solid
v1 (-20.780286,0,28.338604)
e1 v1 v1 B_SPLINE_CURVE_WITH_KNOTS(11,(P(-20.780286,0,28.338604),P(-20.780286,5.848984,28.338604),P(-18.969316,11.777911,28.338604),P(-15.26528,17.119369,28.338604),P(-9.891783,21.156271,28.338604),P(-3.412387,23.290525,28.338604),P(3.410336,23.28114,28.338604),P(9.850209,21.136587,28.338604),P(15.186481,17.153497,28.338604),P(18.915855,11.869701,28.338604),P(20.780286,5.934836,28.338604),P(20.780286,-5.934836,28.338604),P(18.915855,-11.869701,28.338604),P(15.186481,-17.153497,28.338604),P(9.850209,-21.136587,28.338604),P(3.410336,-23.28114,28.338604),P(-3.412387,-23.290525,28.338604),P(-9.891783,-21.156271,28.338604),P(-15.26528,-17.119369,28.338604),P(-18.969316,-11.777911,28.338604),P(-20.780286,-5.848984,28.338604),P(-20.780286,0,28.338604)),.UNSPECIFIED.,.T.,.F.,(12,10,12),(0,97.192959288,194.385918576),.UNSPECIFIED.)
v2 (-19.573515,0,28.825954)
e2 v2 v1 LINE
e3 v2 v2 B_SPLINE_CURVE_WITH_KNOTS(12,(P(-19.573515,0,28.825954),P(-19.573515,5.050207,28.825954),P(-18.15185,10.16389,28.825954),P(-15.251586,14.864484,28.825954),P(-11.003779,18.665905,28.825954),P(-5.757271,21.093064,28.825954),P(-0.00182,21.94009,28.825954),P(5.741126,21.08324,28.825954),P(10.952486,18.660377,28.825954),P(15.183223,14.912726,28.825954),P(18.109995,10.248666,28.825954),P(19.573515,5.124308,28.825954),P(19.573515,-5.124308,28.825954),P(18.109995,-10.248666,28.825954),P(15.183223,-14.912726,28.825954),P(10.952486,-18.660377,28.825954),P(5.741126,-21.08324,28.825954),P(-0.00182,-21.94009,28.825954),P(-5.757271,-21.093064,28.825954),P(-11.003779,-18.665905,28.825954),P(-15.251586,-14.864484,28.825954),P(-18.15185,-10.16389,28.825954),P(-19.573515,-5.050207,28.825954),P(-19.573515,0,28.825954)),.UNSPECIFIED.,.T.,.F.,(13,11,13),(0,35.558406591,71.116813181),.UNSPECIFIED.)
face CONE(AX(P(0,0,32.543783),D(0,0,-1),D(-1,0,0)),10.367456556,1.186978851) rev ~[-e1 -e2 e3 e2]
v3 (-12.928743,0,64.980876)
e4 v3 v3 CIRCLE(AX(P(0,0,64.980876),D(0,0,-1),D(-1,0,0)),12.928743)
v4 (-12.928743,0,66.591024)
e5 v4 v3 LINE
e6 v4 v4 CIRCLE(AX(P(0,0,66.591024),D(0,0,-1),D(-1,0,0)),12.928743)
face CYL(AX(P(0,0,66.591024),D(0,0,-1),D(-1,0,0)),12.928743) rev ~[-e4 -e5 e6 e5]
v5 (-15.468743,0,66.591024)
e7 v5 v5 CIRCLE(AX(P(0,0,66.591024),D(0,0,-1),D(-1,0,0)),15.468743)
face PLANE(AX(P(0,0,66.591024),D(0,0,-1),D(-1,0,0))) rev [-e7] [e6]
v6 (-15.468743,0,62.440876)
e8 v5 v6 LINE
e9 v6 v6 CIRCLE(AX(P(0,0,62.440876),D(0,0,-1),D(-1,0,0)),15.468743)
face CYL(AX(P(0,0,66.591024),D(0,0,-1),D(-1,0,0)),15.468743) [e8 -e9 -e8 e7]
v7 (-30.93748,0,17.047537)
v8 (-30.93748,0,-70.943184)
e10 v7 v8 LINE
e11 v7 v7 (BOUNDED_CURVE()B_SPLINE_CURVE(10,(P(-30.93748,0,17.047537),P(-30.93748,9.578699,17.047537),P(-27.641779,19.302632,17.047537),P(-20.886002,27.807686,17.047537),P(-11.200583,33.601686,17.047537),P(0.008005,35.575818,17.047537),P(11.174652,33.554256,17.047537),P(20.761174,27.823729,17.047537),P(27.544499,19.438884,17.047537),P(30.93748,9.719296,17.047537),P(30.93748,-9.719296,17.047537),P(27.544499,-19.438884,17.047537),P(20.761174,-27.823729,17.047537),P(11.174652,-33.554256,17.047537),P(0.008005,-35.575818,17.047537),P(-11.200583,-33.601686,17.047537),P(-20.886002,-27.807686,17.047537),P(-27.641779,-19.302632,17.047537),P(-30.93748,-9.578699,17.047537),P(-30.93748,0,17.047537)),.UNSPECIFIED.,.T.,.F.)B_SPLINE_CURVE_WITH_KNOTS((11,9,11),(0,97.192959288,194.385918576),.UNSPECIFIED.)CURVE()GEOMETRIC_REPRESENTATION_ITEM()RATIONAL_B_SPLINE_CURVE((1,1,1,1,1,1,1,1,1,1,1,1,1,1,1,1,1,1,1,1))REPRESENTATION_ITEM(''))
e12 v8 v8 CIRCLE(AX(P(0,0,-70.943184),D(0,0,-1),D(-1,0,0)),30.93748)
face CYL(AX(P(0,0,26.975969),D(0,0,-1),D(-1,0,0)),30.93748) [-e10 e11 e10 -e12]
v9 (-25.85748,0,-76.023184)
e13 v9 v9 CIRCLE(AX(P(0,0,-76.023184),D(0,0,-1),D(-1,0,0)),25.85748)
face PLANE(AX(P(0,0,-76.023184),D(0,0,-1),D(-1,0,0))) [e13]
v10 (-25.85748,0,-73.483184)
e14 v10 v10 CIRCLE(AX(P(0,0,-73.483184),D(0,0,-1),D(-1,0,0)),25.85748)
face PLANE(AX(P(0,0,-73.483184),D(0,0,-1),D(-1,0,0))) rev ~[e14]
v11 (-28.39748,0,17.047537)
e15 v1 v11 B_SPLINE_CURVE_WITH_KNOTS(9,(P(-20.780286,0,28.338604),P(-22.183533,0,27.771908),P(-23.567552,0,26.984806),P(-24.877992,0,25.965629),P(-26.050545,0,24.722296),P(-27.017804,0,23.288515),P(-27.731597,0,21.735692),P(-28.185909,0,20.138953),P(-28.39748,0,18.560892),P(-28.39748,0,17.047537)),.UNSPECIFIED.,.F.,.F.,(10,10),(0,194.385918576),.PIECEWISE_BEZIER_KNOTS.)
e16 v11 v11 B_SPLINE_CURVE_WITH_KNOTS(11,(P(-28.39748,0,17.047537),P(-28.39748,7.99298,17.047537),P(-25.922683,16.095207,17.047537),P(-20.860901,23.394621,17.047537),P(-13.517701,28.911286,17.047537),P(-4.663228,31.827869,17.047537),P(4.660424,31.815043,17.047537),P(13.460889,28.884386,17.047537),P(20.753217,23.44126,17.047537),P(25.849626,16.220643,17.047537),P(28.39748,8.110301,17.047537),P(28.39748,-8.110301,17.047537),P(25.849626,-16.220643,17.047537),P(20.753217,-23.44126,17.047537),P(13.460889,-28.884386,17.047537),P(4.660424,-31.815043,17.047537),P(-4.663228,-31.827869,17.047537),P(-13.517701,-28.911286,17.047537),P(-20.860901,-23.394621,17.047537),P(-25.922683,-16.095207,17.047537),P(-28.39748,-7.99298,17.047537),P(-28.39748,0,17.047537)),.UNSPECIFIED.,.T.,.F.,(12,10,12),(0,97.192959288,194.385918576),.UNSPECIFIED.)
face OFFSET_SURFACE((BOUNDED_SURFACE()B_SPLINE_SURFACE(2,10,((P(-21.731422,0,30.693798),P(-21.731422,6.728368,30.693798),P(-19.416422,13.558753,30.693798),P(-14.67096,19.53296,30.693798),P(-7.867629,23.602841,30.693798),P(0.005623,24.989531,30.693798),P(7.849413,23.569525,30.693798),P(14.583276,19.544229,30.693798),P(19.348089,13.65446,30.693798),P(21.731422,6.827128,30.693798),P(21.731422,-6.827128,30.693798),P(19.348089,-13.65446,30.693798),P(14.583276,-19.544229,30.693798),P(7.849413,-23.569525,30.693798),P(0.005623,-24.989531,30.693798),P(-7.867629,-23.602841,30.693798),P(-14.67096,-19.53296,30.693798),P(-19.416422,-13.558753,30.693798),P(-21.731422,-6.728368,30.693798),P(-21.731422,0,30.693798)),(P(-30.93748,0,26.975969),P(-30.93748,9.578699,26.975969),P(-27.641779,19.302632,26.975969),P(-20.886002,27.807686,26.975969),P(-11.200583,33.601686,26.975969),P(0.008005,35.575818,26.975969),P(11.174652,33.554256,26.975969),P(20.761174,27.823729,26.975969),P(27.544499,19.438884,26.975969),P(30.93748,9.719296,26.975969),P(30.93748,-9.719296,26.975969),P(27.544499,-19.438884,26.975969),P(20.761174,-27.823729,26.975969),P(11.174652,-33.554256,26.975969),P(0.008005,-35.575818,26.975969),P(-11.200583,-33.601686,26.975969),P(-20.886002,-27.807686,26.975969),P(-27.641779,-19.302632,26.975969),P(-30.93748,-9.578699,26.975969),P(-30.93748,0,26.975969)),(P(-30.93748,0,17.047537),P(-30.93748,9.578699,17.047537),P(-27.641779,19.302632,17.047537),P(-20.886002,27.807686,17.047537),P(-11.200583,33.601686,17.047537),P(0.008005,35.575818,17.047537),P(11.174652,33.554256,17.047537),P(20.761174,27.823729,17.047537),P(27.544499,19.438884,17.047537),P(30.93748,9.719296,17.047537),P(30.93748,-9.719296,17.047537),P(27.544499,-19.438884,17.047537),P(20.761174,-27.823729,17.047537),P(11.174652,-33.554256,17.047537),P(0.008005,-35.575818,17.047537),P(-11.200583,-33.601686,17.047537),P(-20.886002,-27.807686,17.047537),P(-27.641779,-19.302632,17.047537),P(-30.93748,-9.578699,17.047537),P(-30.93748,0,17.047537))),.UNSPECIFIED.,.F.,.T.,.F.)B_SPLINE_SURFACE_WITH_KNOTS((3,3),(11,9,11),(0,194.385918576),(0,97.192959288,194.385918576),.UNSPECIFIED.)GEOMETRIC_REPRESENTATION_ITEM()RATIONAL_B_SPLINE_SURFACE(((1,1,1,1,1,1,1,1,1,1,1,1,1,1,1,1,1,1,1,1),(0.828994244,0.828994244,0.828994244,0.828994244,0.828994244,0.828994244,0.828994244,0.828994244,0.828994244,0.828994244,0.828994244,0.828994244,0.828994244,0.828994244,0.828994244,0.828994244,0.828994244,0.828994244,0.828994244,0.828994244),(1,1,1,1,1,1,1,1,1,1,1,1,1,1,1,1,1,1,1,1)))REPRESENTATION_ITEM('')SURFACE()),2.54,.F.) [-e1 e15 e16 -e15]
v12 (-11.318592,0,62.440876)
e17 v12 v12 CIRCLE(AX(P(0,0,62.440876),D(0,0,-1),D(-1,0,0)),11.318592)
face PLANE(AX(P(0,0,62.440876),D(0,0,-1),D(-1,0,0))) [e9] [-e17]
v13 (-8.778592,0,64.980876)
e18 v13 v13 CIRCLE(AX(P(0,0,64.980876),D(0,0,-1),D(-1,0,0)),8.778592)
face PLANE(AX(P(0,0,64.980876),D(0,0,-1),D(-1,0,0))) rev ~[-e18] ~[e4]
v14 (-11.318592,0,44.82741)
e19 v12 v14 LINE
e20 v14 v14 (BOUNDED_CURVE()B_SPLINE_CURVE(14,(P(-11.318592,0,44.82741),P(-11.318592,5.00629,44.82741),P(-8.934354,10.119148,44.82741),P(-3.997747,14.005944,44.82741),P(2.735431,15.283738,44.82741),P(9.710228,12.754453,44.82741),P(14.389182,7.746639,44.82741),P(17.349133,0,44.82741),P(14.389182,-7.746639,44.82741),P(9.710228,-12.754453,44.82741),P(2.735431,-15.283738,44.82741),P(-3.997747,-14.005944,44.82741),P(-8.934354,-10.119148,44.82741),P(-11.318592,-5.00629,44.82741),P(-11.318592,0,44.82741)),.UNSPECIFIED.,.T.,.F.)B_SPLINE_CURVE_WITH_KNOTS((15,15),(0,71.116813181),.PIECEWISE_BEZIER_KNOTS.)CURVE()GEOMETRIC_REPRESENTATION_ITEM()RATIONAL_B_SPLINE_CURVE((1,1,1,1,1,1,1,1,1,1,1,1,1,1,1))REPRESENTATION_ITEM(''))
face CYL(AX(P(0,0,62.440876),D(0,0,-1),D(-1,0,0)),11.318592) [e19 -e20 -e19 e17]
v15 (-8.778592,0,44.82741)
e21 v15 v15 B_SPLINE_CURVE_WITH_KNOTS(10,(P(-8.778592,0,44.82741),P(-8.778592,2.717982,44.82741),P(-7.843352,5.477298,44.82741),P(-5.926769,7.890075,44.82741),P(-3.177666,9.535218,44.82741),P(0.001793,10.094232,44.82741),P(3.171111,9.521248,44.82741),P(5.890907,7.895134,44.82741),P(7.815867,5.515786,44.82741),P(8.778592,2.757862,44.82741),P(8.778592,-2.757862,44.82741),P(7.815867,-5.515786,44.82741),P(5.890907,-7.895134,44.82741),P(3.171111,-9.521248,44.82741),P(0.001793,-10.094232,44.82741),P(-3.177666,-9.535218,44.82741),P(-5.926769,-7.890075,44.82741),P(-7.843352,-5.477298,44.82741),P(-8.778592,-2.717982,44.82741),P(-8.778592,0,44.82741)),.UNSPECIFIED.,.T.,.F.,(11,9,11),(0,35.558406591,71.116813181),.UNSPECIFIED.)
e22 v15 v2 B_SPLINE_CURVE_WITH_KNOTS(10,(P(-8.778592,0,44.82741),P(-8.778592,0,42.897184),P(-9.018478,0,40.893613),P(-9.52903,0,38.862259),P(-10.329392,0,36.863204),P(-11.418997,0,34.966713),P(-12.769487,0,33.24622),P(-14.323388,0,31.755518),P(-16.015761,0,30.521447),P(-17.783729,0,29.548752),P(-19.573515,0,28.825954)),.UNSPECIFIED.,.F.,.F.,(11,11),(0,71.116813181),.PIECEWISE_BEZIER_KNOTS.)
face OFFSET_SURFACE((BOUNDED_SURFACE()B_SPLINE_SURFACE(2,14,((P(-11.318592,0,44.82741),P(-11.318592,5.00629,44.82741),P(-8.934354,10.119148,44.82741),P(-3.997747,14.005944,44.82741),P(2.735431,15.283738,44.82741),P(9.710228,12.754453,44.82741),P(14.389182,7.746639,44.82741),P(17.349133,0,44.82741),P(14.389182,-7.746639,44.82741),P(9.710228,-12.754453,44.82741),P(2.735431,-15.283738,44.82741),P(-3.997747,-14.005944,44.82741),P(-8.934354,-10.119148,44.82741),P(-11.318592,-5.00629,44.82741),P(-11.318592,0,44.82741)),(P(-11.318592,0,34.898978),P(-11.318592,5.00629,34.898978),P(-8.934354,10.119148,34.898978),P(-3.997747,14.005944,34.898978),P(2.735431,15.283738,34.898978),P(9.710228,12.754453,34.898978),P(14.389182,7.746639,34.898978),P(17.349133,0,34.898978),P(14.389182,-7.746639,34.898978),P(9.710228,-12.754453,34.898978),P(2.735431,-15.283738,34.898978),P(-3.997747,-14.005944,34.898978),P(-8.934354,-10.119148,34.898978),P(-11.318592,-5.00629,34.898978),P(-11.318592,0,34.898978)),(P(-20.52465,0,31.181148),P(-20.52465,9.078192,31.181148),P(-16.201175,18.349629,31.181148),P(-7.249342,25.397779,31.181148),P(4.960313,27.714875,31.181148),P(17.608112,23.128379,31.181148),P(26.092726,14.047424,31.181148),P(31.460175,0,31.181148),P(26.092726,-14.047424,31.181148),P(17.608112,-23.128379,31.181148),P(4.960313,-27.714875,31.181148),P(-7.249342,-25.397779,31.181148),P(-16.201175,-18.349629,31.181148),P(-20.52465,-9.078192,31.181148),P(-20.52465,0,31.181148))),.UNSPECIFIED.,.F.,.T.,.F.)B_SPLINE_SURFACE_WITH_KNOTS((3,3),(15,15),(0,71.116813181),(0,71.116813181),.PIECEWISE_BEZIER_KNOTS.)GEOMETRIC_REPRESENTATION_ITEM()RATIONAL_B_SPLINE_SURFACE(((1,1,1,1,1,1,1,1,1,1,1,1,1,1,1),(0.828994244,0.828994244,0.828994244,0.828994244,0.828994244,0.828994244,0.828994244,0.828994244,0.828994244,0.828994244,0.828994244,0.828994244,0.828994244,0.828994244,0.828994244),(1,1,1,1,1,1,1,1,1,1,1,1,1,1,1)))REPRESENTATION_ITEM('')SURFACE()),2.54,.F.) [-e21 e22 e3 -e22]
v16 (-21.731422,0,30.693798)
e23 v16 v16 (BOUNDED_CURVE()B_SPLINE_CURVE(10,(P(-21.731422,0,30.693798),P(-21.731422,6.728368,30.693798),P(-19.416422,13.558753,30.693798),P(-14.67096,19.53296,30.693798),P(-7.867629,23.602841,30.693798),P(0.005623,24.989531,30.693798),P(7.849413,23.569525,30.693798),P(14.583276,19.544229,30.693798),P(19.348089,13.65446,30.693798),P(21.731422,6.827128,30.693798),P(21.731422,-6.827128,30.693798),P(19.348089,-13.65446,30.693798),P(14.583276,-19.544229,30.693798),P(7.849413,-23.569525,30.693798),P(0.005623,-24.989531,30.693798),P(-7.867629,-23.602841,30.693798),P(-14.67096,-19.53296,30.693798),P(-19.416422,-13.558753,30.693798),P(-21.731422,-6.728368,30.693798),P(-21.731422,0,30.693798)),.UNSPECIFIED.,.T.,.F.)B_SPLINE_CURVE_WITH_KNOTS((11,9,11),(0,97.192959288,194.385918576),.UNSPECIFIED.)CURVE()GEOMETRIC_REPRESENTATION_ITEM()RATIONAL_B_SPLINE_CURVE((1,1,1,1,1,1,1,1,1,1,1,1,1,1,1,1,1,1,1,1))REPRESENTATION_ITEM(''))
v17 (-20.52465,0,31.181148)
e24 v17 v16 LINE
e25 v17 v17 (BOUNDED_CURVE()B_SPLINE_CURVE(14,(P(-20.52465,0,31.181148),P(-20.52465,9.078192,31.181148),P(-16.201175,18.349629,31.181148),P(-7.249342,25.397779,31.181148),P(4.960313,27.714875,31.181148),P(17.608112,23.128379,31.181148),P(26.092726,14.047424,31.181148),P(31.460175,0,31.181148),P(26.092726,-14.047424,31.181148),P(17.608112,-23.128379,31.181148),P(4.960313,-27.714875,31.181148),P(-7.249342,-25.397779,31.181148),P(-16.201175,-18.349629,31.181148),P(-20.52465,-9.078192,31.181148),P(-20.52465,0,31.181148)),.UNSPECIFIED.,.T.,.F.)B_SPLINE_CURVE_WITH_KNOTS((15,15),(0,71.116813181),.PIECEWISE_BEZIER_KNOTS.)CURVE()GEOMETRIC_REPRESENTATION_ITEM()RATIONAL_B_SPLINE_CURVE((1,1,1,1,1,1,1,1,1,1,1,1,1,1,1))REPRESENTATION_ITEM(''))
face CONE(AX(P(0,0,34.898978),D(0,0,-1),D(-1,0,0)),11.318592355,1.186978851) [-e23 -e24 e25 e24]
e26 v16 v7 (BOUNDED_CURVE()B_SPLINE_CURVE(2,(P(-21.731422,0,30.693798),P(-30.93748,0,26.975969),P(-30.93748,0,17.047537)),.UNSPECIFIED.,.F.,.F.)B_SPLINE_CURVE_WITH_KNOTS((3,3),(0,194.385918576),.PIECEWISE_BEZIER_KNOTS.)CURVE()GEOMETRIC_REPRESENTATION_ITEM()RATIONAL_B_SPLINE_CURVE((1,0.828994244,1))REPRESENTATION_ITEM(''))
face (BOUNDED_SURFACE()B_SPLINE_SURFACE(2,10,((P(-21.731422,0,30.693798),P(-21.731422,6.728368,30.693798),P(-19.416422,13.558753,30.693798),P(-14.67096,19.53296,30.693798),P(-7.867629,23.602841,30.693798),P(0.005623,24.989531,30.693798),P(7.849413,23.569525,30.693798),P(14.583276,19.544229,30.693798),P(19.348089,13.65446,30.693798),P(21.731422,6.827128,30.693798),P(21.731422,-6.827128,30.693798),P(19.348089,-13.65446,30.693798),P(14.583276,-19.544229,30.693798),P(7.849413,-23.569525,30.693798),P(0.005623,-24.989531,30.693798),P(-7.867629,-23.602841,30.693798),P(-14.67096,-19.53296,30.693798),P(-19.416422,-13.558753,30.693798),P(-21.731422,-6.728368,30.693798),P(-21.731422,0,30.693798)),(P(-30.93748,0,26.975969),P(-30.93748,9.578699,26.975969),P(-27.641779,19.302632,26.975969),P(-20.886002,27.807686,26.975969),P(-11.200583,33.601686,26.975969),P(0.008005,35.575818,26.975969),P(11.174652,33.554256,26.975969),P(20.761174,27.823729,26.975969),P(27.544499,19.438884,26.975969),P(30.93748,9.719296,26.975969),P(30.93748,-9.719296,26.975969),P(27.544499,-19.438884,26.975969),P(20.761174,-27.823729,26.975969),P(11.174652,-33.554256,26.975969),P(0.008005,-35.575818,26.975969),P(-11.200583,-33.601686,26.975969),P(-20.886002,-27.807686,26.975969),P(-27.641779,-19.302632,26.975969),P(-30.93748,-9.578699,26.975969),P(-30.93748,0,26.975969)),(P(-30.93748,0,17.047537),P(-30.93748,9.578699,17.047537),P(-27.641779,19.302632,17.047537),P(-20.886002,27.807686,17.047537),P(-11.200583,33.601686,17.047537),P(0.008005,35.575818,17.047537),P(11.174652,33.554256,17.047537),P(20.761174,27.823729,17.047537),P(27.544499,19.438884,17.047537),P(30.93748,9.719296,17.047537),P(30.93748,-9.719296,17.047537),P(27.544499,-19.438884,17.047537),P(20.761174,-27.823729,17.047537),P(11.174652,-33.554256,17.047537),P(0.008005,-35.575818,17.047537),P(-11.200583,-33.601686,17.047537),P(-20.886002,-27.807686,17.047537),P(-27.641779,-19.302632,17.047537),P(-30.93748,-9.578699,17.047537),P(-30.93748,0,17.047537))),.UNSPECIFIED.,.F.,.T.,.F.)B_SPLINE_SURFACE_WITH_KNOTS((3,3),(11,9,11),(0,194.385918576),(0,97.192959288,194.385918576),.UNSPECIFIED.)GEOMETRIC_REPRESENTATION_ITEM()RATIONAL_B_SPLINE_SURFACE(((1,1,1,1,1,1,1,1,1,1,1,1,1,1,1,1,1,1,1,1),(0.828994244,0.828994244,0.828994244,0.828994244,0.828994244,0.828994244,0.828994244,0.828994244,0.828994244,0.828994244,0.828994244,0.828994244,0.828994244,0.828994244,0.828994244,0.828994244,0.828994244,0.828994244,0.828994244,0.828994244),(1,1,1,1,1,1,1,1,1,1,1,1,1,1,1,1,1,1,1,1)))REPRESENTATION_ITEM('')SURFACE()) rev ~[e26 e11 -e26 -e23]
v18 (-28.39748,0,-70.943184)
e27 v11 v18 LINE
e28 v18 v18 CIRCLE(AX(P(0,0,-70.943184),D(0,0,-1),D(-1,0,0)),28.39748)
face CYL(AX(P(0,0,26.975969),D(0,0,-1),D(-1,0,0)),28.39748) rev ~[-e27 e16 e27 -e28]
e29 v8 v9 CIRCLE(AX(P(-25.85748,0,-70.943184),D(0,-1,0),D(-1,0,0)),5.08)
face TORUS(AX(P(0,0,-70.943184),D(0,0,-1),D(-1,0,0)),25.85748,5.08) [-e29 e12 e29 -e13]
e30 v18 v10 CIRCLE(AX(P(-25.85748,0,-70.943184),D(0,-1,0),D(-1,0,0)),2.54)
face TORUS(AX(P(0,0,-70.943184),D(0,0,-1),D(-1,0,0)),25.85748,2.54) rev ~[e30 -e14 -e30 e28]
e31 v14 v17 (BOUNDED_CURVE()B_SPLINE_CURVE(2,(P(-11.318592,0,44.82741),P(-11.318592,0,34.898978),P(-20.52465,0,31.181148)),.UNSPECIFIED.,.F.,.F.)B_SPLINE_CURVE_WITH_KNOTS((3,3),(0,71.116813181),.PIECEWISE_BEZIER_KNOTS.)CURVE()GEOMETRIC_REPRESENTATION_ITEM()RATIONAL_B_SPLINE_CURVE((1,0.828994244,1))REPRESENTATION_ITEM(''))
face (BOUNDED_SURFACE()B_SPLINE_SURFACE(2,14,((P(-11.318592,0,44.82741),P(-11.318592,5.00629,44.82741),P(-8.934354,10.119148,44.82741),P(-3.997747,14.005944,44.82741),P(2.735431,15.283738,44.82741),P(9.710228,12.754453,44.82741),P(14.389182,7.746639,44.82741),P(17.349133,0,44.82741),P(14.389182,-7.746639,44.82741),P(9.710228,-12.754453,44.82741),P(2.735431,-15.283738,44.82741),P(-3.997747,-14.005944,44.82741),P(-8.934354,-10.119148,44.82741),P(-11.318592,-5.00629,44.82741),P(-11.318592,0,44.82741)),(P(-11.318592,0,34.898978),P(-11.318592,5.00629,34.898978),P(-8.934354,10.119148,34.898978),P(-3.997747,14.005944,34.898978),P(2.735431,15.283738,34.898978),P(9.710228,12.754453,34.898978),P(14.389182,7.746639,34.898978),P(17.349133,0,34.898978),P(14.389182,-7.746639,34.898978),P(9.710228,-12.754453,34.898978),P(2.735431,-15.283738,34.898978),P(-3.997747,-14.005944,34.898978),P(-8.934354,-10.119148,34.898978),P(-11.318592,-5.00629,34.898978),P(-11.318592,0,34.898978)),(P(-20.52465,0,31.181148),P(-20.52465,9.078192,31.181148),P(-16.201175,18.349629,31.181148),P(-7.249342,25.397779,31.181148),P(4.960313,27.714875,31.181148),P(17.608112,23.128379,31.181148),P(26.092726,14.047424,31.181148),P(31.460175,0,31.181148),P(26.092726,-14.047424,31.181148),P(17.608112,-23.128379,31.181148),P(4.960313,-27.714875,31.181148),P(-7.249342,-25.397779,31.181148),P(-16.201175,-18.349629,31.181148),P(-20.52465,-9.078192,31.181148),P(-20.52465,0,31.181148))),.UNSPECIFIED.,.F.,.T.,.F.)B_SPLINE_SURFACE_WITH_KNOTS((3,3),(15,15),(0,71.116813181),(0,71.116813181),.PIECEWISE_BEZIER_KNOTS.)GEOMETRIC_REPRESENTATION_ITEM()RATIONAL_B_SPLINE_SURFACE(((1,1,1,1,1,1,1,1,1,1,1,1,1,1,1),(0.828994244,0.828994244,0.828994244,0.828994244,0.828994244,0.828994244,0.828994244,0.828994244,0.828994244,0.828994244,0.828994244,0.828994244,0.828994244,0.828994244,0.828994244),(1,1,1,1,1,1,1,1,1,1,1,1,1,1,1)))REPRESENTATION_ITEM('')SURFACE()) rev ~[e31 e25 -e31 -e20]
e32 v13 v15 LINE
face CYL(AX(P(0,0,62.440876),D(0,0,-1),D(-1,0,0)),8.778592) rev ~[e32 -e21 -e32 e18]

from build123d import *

# Parameters (mm, degrees)
F2_R = 14.7170458762
F3_R = 5.08
F4_T = -2.54


with BuildPart() as f1:
    # F0 (on Front) → F1 (revolve)
    with BuildSketch(Plane.XZ):
        Polygon((0, -76.023183763), (0, 66.5910243988), (-15.4687426984, 66.5910243988), (-15.4687426984, 62.4408759177), (-11.3185923547, 62.4408759177), (-11.3185923547, 34.8989777267), (-30.9374798089, 26.9759688526), (-30.9374798089, -76.023183763), align=None)
    revolve(axis=Axis((0, 0, -4.7160796821), (0, 0, -1)))

    # F2
    f2_edges = [f1.edges().sort_by_distance(p)[0] for p in [
        (30.93748, 0, 26.975969),
        (11.318592, 0, 34.898978),
    ]]
    fillet(f2_edges, radius=F2_R)

    # F3
    f3_edges = [f1.edges().sort_by_distance(p)[0] for p in [
        (30.93748, 0, -76.023184),
    ]]
    fillet(f3_edges, radius=F3_R)

    # F4
    f4_openings = [f1.faces().sort_by_distance(p)[0] for p in [
        (0, 0, 66.591024),
    ]]
    offset(amount=F4_T, openings=f4_openings, kind=Kind.INTERSECTION)


solid = f1.part
